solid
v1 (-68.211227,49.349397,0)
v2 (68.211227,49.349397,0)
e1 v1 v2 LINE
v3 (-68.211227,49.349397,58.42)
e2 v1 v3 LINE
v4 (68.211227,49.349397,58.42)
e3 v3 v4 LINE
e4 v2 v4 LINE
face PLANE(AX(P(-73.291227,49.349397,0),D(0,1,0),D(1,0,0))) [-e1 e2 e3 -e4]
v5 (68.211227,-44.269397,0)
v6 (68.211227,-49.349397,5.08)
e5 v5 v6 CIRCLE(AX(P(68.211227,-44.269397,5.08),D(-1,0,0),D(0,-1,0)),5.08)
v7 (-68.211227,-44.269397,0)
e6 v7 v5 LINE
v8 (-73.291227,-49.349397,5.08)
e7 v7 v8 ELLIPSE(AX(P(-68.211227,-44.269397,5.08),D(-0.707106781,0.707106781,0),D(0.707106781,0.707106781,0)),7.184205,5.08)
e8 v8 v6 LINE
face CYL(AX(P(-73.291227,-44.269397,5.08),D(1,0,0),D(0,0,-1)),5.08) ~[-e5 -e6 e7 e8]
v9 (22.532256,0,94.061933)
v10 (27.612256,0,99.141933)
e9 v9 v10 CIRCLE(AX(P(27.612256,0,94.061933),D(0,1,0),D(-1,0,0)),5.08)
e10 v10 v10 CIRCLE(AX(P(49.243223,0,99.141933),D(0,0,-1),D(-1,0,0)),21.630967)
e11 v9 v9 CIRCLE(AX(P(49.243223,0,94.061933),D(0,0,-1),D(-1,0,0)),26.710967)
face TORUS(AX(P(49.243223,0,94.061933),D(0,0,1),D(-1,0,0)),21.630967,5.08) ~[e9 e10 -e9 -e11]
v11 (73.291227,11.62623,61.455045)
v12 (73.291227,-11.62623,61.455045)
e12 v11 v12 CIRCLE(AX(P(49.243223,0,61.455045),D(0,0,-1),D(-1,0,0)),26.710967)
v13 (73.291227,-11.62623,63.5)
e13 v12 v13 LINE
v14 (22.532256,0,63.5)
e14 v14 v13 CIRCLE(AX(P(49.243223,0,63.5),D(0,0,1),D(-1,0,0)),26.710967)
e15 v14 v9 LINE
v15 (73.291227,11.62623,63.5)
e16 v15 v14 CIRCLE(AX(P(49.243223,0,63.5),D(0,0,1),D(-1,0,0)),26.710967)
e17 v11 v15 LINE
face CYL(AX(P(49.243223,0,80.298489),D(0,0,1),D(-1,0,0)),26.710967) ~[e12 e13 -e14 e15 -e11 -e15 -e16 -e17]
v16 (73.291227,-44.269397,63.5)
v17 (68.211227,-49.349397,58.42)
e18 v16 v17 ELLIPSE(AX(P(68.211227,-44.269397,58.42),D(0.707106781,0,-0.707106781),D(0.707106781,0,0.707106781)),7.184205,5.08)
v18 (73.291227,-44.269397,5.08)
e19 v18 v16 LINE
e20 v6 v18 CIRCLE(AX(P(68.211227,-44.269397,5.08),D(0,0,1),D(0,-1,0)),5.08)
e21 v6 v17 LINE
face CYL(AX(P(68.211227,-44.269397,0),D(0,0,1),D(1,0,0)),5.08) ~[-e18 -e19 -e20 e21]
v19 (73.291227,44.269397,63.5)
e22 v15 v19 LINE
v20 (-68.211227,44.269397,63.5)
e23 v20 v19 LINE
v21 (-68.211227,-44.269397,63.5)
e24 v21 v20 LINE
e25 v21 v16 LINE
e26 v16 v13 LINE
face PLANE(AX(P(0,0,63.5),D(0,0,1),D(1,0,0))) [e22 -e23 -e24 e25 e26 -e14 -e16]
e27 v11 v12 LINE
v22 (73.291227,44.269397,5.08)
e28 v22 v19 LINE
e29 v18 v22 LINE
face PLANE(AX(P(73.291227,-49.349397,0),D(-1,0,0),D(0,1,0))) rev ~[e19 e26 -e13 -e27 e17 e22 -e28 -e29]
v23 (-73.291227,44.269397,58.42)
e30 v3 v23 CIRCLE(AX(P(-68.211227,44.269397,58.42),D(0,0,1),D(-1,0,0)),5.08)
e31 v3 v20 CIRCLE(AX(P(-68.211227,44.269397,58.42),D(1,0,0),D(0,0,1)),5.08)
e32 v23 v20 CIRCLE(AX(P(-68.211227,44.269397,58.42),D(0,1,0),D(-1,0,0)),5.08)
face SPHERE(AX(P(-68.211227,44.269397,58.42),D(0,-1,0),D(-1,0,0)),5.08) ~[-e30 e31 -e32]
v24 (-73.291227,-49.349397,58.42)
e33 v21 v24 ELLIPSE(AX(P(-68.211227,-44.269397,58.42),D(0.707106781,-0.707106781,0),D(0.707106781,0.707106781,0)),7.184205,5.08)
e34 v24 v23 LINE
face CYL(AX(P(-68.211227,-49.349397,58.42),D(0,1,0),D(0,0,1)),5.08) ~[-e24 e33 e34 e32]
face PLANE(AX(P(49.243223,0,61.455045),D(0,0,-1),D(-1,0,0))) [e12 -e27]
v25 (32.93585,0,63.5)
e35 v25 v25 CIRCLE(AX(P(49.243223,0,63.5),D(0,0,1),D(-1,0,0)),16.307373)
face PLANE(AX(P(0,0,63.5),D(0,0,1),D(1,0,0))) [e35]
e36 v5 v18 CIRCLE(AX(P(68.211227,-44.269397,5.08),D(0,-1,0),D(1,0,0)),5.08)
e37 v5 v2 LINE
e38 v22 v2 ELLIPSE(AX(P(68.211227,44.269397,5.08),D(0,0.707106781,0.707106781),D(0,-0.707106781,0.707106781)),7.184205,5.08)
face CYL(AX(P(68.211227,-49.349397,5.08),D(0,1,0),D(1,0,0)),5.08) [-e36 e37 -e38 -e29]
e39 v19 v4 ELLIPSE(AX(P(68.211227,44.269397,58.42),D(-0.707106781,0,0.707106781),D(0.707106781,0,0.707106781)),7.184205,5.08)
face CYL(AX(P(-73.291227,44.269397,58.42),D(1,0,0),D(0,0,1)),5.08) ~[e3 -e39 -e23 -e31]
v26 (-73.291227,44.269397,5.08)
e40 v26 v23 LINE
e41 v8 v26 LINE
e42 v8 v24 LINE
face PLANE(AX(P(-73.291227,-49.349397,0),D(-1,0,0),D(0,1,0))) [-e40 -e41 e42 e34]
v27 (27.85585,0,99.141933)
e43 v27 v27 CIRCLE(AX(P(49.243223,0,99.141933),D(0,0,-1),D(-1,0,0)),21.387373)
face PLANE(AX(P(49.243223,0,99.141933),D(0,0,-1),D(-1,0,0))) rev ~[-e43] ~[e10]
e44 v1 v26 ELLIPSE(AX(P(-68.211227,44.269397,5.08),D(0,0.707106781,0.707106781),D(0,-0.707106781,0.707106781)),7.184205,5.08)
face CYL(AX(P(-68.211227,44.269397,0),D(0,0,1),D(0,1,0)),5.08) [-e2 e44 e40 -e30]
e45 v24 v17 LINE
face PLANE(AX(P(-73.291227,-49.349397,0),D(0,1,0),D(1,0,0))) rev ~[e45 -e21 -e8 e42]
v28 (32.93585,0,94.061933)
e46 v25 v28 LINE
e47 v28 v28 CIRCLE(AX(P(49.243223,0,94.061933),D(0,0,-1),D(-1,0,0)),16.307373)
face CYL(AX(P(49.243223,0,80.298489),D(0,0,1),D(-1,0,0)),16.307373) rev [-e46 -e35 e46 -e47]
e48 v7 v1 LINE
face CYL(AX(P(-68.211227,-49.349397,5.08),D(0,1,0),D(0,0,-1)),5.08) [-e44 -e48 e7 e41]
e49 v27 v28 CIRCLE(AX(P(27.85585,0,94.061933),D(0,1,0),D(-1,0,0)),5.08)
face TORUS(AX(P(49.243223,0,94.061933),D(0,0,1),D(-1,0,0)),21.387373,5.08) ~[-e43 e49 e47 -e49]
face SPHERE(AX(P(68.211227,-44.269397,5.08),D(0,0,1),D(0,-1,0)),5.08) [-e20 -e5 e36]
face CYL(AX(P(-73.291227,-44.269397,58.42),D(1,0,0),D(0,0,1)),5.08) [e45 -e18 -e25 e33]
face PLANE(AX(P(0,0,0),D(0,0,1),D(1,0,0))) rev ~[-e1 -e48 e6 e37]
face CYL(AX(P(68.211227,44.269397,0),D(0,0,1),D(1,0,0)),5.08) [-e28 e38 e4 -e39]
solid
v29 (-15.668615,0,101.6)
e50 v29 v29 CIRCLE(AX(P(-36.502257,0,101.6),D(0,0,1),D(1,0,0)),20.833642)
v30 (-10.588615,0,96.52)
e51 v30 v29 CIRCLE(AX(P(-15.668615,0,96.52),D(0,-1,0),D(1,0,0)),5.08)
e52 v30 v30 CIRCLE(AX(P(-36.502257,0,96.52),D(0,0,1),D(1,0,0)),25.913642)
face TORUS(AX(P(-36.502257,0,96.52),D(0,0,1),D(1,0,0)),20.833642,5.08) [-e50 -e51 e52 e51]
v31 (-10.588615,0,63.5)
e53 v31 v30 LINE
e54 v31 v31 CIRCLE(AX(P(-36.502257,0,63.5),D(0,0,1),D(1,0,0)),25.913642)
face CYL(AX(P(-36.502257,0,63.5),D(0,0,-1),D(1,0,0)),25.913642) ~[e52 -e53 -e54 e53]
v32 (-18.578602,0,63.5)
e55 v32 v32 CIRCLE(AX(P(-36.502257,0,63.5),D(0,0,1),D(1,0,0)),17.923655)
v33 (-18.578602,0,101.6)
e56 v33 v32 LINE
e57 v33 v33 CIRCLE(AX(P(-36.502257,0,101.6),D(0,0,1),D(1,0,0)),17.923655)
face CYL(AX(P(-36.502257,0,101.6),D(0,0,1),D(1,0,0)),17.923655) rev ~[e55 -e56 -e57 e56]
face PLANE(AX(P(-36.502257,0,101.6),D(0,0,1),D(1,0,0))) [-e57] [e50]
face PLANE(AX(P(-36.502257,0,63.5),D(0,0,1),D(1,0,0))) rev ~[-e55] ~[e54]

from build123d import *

# Parameters (mm, degrees)
F0_W     = 146.582454443
F0_H     = 98.6987948418
F1_DEPTH = 63.5
F2_R     = 25.913642442
F3_DEPTH = 38.1
F4_R     = 17.9236546868
F5_DEPTH = 38.1
F6_W     = 10.4035940021
F6_H     = 37.6868881285
F8_R     = 5.08
F8_2_R   = 5.08


with BuildPart() as f1:
    # F0 (on Top) → F1 (new body)
    with BuildSketch(Plane.XY):
        Rectangle(F0_W, F0_H)
    extrude(amount=F1_DEPTH)

    # F6 (on Front) → F7 (revolve)
    with BuildSketch(Plane.XZ):
        with Locations((27.7340533212, 80.2984889597)):
            Rectangle(F6_W, F6_H)
    revolve(axis=Axis((49.2432229221, 0, 63.3361302316), (0, 0, -1)))

    # F8
    f8_edges = [f1.edges().sort_by_distance(p)[0] for p in [
        (75.95419, 0, 99.141933),
        (65.550596, 0, 99.141933),
        (0, -49.349397, 63.5),
        (73.291227, -49.349397, 31.75),
        (0, -49.349397, 0),
        (73.291227, 49.349397, 31.75),
        (73.291227, 0, 0),
        (-73.291227, 0, 63.5),
        (-73.291227, 49.349397, 31.75),
        (0, 49.349397, 63.5),
        (-73.291227, 0, 0),
    ]]
    fillet(f8_edges, radius=F8_R)


with BuildPart() as f3:
    # F2 (on face) → F3 (new body)
    with BuildSketch(Plane.XY.offset(63.5)):
        with Locations((-36.5022569895, 0)):
            Circle(F2_R)
    extrude(amount=F3_DEPTH)

    # F4 (on face) → F5 (cut, through all)
    with BuildSketch(Plane.XY.offset(101.6)):
        with Locations((-36.5022569895, 0)):
            Circle(F4_R)
    extrude(amount=-F5_DEPTH, mode=Mode.SUBTRACT)

    # F8#2
    f8_2_edges = [f3.edges().sort_by_distance(p)[0] for p in [
        (-62.415899, 0, 101.6),
    ]]
    fillet(f8_2_edges, radius=F8_2_R)


solid = Compound([f1.part, f3.part])
